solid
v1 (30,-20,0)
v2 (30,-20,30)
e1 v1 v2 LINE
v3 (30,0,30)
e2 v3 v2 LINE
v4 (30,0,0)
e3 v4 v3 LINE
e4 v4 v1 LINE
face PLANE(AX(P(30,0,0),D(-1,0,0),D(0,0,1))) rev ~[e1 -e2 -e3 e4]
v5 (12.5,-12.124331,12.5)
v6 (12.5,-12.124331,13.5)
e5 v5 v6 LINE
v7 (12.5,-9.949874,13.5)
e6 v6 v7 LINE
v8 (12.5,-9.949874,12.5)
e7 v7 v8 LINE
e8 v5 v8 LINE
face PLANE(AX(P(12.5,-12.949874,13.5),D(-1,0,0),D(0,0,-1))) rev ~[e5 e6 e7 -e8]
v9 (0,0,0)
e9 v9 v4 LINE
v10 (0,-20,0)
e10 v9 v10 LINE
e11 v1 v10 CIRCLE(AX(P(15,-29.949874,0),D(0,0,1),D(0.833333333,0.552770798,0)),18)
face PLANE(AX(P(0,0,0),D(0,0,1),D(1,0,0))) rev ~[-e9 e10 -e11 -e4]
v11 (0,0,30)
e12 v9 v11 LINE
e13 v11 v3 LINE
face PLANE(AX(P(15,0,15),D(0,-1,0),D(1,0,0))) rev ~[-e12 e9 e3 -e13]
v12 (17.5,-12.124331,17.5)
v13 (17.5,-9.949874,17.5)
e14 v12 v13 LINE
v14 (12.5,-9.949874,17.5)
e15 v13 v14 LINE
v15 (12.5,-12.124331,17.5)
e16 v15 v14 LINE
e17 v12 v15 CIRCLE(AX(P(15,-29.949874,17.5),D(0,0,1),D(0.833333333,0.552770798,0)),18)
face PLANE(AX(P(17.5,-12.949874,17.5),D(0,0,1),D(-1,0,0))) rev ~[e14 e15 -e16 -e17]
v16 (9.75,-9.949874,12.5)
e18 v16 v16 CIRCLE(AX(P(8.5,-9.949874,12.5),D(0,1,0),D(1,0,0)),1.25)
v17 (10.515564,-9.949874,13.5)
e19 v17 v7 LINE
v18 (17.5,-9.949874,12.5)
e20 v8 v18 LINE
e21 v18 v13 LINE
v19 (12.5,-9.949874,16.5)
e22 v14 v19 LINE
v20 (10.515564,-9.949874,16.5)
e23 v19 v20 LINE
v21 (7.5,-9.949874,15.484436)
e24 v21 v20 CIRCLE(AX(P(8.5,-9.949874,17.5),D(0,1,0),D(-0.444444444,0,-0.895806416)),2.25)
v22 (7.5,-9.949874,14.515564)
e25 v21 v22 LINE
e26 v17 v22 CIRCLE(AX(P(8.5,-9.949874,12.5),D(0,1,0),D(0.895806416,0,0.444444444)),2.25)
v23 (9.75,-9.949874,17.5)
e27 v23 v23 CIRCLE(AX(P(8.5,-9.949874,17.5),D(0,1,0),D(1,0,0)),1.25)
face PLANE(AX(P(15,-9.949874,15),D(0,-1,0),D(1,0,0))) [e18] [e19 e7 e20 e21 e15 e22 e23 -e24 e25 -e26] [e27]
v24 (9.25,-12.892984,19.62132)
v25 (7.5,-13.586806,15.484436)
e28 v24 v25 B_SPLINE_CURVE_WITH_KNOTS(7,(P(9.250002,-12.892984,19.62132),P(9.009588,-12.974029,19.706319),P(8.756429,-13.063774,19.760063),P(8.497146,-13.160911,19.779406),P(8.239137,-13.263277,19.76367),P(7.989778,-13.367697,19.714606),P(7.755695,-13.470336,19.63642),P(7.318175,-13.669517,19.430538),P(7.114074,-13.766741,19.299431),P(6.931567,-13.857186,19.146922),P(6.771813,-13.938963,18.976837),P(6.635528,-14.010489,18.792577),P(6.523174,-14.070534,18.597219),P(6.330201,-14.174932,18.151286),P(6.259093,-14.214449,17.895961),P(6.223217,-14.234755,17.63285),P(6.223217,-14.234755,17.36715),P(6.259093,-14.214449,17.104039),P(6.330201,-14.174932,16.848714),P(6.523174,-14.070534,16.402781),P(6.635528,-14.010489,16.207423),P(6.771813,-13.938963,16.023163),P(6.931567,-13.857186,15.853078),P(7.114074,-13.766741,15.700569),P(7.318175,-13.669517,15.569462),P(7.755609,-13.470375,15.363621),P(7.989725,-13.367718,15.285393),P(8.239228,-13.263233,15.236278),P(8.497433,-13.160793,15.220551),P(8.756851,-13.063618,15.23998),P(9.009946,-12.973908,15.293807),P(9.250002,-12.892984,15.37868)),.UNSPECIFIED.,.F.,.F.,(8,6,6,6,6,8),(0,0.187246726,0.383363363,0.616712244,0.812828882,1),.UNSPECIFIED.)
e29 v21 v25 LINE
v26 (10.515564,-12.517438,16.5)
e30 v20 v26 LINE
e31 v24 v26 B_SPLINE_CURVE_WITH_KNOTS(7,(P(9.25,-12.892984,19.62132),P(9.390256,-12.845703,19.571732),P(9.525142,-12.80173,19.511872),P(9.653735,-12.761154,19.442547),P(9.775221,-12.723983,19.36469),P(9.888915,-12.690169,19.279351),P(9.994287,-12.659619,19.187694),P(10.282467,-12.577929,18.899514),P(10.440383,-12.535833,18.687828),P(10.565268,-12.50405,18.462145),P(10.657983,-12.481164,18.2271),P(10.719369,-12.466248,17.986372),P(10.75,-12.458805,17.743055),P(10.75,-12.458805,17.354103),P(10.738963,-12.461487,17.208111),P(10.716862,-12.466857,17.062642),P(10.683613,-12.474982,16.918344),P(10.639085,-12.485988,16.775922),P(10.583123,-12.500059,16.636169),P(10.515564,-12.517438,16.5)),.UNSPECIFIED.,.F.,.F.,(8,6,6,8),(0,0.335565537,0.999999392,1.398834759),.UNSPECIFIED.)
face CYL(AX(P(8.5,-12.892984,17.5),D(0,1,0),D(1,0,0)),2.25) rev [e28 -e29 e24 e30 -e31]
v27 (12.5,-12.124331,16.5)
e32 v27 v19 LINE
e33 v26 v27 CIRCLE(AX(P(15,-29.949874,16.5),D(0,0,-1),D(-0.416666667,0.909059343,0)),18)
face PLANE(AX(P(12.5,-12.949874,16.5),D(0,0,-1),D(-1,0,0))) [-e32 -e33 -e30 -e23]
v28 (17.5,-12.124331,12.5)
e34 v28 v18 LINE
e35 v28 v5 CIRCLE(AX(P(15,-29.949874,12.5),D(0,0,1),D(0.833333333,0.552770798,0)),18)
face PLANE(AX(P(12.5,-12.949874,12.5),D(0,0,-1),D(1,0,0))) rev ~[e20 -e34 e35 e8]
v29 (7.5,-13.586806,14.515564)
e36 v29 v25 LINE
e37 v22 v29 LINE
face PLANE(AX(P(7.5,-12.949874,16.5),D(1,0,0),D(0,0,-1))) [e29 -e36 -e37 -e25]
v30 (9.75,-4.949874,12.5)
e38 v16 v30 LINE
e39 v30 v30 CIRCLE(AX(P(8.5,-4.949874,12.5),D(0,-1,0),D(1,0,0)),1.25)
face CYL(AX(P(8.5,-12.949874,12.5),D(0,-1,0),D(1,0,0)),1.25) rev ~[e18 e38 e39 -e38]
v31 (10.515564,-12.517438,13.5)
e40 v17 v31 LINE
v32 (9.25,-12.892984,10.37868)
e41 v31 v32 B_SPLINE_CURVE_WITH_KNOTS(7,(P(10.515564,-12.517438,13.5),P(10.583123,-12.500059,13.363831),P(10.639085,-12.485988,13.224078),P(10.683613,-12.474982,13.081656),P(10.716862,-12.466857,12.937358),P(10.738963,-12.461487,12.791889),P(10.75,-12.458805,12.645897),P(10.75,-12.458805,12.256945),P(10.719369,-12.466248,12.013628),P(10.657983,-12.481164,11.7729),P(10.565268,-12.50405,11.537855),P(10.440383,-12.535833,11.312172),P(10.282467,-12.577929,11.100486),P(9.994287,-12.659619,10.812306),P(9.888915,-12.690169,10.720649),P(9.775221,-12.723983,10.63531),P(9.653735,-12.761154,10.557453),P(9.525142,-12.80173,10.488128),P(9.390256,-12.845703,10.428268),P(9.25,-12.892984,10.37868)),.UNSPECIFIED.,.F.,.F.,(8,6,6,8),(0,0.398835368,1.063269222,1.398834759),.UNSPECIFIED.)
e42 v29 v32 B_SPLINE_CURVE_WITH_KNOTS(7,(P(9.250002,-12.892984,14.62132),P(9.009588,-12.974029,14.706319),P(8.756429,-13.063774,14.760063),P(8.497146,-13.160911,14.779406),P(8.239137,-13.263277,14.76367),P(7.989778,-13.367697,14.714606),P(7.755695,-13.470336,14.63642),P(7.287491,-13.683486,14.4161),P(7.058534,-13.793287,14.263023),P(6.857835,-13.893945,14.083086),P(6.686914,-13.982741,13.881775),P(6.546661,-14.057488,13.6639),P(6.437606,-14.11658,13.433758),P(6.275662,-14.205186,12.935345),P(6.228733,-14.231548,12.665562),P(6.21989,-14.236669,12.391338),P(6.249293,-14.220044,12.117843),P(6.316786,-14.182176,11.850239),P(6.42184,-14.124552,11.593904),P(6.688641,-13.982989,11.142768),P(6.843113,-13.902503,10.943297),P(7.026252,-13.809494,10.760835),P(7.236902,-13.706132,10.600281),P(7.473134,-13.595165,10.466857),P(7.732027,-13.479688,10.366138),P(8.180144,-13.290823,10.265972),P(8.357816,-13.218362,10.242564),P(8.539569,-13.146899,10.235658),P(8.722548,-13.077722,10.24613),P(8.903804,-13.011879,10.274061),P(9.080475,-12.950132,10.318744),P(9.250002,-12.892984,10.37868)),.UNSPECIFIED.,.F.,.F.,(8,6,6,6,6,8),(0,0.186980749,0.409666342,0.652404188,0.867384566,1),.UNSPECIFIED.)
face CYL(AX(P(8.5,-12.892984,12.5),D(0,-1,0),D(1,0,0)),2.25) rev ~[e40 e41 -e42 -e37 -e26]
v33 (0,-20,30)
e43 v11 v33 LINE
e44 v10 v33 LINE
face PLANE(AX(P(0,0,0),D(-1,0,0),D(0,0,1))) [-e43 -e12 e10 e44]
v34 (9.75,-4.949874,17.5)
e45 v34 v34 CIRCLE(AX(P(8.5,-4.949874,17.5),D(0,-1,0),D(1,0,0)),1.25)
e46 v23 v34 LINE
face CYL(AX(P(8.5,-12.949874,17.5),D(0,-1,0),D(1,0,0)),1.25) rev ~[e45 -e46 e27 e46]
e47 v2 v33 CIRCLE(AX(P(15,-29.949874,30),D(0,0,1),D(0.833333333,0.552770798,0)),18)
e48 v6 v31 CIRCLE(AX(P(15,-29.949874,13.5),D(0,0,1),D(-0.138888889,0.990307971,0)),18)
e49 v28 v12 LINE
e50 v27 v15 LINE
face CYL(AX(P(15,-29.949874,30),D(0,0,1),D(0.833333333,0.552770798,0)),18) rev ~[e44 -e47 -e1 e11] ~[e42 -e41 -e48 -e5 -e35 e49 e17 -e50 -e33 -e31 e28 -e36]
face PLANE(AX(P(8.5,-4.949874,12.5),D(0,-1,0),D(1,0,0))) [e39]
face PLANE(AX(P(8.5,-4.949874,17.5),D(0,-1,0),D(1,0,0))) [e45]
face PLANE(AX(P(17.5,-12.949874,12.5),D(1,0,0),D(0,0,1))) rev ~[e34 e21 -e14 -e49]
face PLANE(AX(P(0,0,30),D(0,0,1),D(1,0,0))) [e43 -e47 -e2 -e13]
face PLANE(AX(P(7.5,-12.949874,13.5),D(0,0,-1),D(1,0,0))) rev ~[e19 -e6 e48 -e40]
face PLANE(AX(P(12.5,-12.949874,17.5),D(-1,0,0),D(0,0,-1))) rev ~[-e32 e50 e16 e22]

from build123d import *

# Parameters (mm, degrees)
F0_W      = 30
F0_H      = 30
F1_DEPTH  = 20
F3_DEPTH  = 30.001
F8_DEPTH  = 3
F9_DEPTH  = 7.0511256289
F10_R     = 1.25
F11_DEPTH = 8
F12_DEPTH = 7.0511257289
F14_R     = 2.25
F15_DEPTH = 2.9431098966
F16_DEPTH = 7.1080158323


with BuildPart() as f1:
    # F0 (on Front) → F1 (new body)
    with BuildSketch(Plane.XZ):
        with Locations((15, 15)):
            Rectangle(F0_W, F0_H)
    extrude(amount=F1_DEPTH)

    # F2 (on face) → F3 (cut, through all)
    with BuildSketch(Plane.XY.offset(30)):
        with BuildLine():
            Line((0, -20), (30, -20))
            ThreePointArc((30, -20), (15, -11.9498743711), (0, -20))
        make_face()
    extrude(amount=-F3_DEPTH, mode=Mode.SUBTRACT)

    # F7 (on offset) → F8 (cut)
    with BuildSketch(Plane.XZ.offset(12.9498743711)):
        Polygon((17.5, 17.5), (15, 17.5), (12.5, 17.5), (12.5, 16.5), (12.5, 13.5), (12.5, 12.5), (17.5, 12.5), (17.5, 15), align=None)
        Polygon((12.5, 13.5), (12.5, 16.5), (7.5, 16.5), (7.5, 15), (7.5, 13.5), align=None)
    extrude(amount=-F8_DEPTH, mode=Mode.SUBTRACT)

    # F7 (on offset) → F9 (cut, through all)
    with BuildSketch(Plane.XZ.offset(12.9498743711)):
        Polygon((17.5, 17.5), (15, 17.5), (12.5, 17.5), (12.5, 16.5), (12.5, 13.5), (12.5, 12.5), (17.5, 12.5), (17.5, 15), align=None)
        Polygon((12.5, 13.5), (12.5, 16.5), (7.5, 16.5), (7.5, 15), (7.5, 13.5), align=None)
    extrude(amount=F9_DEPTH, mode=Mode.SUBTRACT)

    # F10 (on offset) → F11 (cut)
    with BuildSketch(Plane.XZ.offset(12.9498743711)):
        with Locations((8.5, 17.5)):
            Circle(F10_R)
        with Locations((8.5, 12.5)):
            Circle(F10_R)
    extrude(amount=-F11_DEPTH, mode=Mode.SUBTRACT)

    # F10 (on offset) → F12 (cut, through all)
    with BuildSketch(Plane.XZ.offset(12.9498743711)):
        with Locations((8.5, 17.5)):
            Circle(F10_R)
        with Locations((8.5, 12.5)):
            Circle(F10_R)
    extrude(amount=F12_DEPTH, mode=Mode.SUBTRACT)

    # F14 (on plane+point) → F15 (cut, through all)
    with BuildSketch(Plane.XZ.offset(12.8929842677)):
        with Locations((8.5, 17.5)):
            Circle(F14_R)
        with Locations((8.5, 12.5)):
            Circle(F14_R)
    extrude(amount=-F15_DEPTH, mode=Mode.SUBTRACT)

    # F14 (on plane+point) → F16 (cut, through all)
    with BuildSketch(Plane.XZ.offset(12.8929842677)):
        with Locations((8.5, 17.5)):
            Circle(F14_R)
        with Locations((8.5, 12.5)):
            Circle(F14_R)
    extrude(amount=F16_DEPTH, mode=Mode.SUBTRACT)


solid = f1.part
